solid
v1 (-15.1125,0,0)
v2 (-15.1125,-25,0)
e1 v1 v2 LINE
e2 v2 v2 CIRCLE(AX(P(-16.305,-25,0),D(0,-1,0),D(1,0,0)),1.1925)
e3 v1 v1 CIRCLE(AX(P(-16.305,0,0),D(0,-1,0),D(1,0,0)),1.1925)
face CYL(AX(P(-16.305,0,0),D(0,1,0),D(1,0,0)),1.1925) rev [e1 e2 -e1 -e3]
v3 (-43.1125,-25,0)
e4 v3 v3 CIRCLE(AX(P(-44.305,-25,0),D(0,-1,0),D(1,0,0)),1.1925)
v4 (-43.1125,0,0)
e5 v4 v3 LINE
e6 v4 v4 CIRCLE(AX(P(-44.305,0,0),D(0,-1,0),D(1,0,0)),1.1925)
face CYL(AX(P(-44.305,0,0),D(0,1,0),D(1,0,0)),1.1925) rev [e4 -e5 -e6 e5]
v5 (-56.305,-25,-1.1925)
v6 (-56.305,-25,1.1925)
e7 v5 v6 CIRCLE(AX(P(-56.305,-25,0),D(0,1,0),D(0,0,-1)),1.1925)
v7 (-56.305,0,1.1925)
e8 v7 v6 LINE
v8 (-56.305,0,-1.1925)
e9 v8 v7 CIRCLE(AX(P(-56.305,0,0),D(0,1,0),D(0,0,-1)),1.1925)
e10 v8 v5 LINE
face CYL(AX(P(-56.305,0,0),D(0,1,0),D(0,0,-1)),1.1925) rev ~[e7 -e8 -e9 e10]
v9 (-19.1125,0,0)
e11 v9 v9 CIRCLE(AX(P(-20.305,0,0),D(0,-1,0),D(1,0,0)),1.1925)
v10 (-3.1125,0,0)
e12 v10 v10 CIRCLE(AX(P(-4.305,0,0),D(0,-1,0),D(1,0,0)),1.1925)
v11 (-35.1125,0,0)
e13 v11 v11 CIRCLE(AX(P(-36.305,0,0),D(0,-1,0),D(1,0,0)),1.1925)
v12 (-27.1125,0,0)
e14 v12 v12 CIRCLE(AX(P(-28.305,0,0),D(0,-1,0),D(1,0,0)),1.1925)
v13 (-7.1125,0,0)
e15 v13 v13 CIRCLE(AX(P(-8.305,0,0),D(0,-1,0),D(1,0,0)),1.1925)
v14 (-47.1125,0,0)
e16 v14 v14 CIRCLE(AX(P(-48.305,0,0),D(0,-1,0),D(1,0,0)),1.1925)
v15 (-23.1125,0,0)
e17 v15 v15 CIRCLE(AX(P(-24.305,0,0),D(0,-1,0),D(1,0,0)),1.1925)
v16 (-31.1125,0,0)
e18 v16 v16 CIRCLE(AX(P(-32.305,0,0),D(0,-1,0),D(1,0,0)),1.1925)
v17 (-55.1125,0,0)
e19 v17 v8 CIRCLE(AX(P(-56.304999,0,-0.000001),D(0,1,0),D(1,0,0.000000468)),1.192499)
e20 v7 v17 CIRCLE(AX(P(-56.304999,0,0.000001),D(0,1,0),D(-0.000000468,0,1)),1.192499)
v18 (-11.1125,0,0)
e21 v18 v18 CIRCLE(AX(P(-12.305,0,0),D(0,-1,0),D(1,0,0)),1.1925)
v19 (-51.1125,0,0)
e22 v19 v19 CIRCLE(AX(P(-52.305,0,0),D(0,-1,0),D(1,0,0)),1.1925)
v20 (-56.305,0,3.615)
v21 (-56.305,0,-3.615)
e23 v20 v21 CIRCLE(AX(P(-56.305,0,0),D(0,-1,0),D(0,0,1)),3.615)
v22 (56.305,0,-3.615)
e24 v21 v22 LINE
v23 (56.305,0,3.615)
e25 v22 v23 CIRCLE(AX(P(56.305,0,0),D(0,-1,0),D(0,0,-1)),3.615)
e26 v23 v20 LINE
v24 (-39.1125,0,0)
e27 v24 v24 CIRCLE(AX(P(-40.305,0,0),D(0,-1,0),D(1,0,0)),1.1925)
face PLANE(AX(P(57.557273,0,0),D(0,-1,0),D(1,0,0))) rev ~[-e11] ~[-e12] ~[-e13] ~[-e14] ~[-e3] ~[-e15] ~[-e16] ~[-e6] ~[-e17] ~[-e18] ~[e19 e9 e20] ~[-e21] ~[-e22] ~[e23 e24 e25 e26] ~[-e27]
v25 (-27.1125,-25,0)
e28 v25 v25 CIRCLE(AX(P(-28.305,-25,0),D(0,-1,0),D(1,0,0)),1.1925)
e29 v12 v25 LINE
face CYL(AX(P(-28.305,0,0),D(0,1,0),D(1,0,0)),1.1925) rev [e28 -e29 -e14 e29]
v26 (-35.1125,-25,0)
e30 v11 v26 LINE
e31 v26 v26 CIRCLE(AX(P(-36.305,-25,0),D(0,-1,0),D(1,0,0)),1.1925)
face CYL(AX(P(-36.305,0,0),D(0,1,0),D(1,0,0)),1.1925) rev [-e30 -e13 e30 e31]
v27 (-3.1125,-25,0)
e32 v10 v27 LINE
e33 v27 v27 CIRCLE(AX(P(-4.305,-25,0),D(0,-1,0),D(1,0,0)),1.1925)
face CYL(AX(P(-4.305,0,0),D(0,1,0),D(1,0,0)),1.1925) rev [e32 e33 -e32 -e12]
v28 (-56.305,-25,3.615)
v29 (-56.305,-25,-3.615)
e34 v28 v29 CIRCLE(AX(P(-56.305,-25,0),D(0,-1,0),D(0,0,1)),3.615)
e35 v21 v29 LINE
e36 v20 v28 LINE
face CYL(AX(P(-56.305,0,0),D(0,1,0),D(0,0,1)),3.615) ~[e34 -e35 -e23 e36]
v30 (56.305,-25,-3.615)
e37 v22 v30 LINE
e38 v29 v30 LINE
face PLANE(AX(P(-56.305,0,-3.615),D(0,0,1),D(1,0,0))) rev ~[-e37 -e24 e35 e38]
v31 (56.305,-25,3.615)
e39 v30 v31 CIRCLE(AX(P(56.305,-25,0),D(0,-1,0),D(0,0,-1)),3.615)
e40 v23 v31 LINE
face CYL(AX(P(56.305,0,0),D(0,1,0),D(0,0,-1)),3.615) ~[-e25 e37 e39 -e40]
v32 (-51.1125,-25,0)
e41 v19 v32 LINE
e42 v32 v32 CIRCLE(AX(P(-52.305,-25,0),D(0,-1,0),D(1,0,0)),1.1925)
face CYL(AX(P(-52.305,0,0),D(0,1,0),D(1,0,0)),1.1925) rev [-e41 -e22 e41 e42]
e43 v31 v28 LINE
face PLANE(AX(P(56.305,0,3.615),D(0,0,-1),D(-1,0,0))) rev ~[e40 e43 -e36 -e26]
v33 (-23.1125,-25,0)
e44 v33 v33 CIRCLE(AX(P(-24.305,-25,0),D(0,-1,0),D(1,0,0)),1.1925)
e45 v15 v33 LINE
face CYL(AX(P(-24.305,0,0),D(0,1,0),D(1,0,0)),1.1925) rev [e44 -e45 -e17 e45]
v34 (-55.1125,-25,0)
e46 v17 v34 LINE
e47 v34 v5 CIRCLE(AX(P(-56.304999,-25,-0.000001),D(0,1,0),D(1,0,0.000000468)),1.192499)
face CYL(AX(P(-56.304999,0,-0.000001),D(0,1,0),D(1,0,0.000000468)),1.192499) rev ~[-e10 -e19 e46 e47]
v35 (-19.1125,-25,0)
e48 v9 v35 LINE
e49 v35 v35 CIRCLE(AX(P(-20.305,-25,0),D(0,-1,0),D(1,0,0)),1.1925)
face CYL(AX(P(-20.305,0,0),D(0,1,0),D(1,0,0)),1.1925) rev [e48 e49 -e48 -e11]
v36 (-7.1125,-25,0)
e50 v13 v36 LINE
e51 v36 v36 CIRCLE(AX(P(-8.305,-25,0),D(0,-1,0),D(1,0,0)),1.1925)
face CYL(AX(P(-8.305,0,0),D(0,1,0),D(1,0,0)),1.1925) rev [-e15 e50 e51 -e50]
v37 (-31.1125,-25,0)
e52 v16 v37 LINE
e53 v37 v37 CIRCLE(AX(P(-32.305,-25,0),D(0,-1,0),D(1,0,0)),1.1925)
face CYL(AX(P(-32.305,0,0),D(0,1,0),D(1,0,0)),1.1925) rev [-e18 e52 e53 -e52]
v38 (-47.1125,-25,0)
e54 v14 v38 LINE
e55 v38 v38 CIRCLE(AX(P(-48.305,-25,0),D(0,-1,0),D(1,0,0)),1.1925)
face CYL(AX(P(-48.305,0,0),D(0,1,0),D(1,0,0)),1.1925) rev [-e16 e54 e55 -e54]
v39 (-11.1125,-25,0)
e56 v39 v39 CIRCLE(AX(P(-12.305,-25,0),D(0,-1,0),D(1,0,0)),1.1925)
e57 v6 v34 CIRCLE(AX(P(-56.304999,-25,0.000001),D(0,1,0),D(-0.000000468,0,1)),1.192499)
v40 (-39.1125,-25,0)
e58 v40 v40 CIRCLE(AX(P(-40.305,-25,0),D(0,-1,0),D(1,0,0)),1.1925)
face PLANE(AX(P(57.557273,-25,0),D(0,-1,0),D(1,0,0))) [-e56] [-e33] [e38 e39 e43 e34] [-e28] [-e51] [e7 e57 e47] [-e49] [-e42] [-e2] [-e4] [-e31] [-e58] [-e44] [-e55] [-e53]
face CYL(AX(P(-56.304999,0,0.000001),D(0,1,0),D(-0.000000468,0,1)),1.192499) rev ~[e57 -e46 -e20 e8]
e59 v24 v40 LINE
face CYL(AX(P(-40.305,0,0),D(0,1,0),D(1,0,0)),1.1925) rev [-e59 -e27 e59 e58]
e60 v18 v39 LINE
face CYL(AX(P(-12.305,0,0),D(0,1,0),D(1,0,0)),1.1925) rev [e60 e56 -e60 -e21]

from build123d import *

# Parameters (mm, degrees)
F0_R     = 1.1925
F1_DEPTH = 25


with BuildPart() as f1:
    # F0 (on Front) → F1 (new body)
    with BuildSketch(Plane.XZ):
        with BuildLine():
            ThreePointArc((56.305, -3.615), (59.92, 0), (56.305, 3.615))
            Line((56.305, 3.615), (56.305, -3.615))
        make_face()
        with BuildLine():
            Line((-56.305, 1.1925), (-56.305, 3.615))
            ThreePointArc((-56.305, 3.615), (-59.92, 0), (-56.305, -3.615))
            Line((-56.305, -3.615), (-56.305, -1.1925))
            ThreePointArc((-56.305, -1.1925), (-57.4975, 0), (-56.305, 1.1925))
        make_face()
        with BuildLine():
            Line((56.305, -3.615), (56.305, 3.615))
            Line((56.305, 3.615), (-56.305, 3.615))
            Line((-56.305, 3.615), (-56.305, 1.1925))
            ThreePointArc((-56.305, 1.1925), (-55.461775, 0.843225), (-55.1125, 0))
            ThreePointArc((-55.1125, 0), (-55.461775, -0.843225), (-56.305, -1.1925))
            Line((-56.305, -1.1925), (-56.305, -3.615))
            Line((-56.305, -3.615), (56.305, -3.615))
        make_face()
        with Locations((-52.305, 0)):
            Circle(F0_R, mode=Mode.SUBTRACT)
        with Locations((-48.305, 0)):
            Circle(F0_R, mode=Mode.SUBTRACT)
        with Locations((-44.305, 0)):
            Circle(F0_R, mode=Mode.SUBTRACT)
        with Locations((-40.305, 0)):
            Circle(F0_R, mode=Mode.SUBTRACT)
        with Locations((-36.305, 0)):
            Circle(F0_R, mode=Mode.SUBTRACT)
        with Locations((-32.305, 0)):
            Circle(F0_R, mode=Mode.SUBTRACT)
        with Locations((-28.305, 0)):
            Circle(F0_R, mode=Mode.SUBTRACT)
        with Locations((-24.305, 0)):
            Circle(F0_R, mode=Mode.SUBTRACT)
        with Locations((-20.305, 0)):
            Circle(F0_R, mode=Mode.SUBTRACT)
        with Locations((-16.305, 0)):
            Circle(F0_R, mode=Mode.SUBTRACT)
        with Locations((-12.305, 0)):
            Circle(F0_R, mode=Mode.SUBTRACT)
        with Locations((-8.305, 0)):
            Circle(F0_R, mode=Mode.SUBTRACT)
        with Locations((-4.305, 0)):
            Circle(F0_R, mode=Mode.SUBTRACT)
    extrude(amount=F1_DEPTH)


solid = f1.part
